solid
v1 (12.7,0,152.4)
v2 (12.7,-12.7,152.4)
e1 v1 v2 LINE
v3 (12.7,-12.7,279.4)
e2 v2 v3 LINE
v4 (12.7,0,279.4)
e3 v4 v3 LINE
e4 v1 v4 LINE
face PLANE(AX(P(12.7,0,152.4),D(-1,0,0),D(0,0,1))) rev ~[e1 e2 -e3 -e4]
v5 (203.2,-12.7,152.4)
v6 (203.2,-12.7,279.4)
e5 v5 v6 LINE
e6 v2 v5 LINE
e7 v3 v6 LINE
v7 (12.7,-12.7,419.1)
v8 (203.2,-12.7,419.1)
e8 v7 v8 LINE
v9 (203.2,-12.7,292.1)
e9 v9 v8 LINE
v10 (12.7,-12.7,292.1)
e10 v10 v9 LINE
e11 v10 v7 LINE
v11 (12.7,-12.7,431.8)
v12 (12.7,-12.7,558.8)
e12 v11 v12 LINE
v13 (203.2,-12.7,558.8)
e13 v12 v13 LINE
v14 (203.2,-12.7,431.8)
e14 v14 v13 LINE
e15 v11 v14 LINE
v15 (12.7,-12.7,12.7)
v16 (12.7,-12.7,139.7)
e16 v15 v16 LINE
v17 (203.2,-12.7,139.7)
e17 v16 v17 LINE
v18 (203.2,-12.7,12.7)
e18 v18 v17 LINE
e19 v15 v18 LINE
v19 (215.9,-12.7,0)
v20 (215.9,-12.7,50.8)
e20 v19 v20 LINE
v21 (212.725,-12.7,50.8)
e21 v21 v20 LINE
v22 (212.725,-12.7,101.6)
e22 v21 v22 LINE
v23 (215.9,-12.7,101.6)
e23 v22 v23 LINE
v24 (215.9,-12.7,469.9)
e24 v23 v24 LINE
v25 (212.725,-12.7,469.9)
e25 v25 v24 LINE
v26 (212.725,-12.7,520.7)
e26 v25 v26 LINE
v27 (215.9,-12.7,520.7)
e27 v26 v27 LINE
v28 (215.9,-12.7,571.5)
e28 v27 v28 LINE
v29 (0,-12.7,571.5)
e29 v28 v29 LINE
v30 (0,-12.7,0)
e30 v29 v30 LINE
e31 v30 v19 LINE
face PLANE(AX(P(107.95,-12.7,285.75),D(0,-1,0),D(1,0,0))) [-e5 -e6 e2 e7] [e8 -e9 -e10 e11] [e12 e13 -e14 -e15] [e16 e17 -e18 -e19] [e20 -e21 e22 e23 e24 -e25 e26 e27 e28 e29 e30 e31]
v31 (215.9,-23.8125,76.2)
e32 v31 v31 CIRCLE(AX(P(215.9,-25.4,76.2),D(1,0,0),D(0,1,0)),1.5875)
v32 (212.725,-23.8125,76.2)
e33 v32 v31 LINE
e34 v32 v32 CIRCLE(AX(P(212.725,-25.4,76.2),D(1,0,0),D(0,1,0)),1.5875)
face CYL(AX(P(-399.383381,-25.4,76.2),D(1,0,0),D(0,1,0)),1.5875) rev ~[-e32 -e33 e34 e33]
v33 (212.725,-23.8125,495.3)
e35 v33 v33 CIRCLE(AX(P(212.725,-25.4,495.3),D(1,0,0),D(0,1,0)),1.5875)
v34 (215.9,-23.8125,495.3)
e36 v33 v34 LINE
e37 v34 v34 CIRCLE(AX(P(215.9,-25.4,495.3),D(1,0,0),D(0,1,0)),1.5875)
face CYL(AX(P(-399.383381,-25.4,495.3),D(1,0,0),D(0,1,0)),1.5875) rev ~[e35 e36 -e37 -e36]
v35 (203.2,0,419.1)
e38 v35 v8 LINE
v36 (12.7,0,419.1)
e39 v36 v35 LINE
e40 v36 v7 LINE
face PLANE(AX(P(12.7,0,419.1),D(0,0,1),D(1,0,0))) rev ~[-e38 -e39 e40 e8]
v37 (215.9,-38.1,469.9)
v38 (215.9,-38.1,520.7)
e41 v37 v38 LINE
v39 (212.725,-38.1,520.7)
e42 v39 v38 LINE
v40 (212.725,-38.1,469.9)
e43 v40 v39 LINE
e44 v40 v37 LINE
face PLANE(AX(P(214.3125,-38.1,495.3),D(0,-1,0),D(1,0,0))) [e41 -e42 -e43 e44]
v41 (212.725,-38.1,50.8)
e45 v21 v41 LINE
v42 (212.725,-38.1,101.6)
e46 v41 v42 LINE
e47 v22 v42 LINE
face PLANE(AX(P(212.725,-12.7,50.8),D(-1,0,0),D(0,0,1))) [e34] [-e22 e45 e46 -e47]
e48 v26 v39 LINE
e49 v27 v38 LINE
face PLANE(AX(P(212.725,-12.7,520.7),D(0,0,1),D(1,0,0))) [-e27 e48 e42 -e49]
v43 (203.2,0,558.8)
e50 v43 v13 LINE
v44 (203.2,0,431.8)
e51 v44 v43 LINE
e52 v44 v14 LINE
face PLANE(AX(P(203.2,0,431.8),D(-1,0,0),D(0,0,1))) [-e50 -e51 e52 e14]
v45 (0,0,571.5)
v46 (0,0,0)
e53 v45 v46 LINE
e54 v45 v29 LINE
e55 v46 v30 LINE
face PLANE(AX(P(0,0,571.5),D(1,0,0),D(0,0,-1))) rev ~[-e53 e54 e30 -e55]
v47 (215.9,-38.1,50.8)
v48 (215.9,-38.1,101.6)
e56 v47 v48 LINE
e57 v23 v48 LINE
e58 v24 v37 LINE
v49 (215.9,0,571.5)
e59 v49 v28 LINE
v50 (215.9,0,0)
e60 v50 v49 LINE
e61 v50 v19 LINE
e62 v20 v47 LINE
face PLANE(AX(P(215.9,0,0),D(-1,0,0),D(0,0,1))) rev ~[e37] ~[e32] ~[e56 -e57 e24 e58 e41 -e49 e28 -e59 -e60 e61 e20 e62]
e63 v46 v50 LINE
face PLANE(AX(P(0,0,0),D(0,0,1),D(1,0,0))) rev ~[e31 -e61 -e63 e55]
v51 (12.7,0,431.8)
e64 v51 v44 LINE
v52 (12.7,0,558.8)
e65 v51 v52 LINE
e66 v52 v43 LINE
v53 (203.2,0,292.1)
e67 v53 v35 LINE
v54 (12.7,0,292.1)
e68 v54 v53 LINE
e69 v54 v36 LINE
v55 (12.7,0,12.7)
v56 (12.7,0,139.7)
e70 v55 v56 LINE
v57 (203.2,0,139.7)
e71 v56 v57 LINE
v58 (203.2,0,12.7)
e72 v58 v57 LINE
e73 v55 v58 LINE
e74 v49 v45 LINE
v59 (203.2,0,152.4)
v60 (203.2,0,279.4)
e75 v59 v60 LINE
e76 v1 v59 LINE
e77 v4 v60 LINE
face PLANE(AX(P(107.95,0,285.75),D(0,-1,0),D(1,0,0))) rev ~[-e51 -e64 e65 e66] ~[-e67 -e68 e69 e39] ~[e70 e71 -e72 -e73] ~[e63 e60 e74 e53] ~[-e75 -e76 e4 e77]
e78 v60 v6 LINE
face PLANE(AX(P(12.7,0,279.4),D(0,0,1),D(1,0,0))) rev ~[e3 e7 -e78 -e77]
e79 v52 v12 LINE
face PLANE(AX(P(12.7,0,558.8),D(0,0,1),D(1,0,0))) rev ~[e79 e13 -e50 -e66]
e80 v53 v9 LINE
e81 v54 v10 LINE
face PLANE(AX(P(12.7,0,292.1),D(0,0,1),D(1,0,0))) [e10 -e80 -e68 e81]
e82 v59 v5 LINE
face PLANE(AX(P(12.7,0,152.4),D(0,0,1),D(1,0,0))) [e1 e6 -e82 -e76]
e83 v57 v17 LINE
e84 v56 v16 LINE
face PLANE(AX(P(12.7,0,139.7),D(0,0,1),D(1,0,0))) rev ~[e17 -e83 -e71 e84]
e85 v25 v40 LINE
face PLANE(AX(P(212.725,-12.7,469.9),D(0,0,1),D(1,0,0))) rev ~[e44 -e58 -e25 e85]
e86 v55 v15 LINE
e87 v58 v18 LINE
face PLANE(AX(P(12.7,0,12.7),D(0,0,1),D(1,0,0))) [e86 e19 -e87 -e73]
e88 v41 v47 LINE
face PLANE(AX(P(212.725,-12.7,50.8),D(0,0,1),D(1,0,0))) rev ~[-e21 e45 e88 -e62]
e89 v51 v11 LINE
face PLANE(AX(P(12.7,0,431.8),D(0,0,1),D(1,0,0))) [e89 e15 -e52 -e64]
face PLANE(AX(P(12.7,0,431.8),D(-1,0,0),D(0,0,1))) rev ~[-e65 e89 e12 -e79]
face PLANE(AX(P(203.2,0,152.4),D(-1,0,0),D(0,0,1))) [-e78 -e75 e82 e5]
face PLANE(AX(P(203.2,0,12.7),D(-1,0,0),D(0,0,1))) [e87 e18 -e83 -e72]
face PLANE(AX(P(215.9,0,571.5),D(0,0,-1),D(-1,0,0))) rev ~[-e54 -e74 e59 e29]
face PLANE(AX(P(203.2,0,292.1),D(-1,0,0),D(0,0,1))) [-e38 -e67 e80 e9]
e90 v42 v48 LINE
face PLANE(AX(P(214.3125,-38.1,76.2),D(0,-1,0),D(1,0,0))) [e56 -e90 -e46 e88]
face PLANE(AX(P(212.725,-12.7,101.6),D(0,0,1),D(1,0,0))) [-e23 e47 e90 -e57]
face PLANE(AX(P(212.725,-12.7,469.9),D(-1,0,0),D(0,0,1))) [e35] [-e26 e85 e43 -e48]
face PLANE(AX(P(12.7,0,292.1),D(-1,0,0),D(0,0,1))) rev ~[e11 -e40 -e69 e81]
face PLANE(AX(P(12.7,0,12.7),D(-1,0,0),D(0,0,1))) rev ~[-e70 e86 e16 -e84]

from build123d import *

# Parameters (mm, degrees)
F0_W     = 190.5
F0_H     = 127
F1_DEPTH = 12.7
F2_W     = 3.175
F2_H     = 50.8
F3_DEPTH = 25.4
F4_W     = 3.175
F4_H     = 50.8
F5_DEPTH = 25.4
F7_D     = 3.175


with BuildPart() as f1:
    # F0 (on Front) → F1 (new body)
    with BuildSketch(Plane.XZ):
        Polygon((0, 571.5), (0, 0), (215.9, 0), (215.9, 571.5), (203.2, 571.5), (12.7, 571.5), align=None)
        with Locations((107.95, 76.2)):
            Rectangle(F0_W, F0_H, mode=Mode.SUBTRACT)
        with Locations((107.95, 215.9)):
            Rectangle(F0_W, F0_H, mode=Mode.SUBTRACT)
        with Locations((107.95, 355.6)):
            Rectangle(F0_W, F0_H, mode=Mode.SUBTRACT)
        with Locations((107.95, 495.3)):
            Rectangle(F0_W, F0_H, mode=Mode.SUBTRACT)
    extrude(amount=F1_DEPTH)

    # F2 (on face) → F3 (join)
    with BuildSketch(Plane.XZ.offset(12.7)):
        with Locations((214.3125, 495.3)):
            Rectangle(F2_W, F2_H)
    extrude(amount=F3_DEPTH)

    # F4 (on face) → F5 (join)
    with BuildSketch(Plane.XZ.offset(12.7)):
        with Locations((214.3125, 76.2)):
            Rectangle(F4_W, F4_H)
    extrude(amount=F5_DEPTH)

    # F7 (through all)
    with Locations(Plane(origin=(212.725, 0, 0), x_dir=(0, -1, 0), z_dir=(-1, 0, 0))):
        with Locations((25.4, 495.3), (25.4, 76.2)):
            Hole(F7_D / 2)


solid = f1.part
